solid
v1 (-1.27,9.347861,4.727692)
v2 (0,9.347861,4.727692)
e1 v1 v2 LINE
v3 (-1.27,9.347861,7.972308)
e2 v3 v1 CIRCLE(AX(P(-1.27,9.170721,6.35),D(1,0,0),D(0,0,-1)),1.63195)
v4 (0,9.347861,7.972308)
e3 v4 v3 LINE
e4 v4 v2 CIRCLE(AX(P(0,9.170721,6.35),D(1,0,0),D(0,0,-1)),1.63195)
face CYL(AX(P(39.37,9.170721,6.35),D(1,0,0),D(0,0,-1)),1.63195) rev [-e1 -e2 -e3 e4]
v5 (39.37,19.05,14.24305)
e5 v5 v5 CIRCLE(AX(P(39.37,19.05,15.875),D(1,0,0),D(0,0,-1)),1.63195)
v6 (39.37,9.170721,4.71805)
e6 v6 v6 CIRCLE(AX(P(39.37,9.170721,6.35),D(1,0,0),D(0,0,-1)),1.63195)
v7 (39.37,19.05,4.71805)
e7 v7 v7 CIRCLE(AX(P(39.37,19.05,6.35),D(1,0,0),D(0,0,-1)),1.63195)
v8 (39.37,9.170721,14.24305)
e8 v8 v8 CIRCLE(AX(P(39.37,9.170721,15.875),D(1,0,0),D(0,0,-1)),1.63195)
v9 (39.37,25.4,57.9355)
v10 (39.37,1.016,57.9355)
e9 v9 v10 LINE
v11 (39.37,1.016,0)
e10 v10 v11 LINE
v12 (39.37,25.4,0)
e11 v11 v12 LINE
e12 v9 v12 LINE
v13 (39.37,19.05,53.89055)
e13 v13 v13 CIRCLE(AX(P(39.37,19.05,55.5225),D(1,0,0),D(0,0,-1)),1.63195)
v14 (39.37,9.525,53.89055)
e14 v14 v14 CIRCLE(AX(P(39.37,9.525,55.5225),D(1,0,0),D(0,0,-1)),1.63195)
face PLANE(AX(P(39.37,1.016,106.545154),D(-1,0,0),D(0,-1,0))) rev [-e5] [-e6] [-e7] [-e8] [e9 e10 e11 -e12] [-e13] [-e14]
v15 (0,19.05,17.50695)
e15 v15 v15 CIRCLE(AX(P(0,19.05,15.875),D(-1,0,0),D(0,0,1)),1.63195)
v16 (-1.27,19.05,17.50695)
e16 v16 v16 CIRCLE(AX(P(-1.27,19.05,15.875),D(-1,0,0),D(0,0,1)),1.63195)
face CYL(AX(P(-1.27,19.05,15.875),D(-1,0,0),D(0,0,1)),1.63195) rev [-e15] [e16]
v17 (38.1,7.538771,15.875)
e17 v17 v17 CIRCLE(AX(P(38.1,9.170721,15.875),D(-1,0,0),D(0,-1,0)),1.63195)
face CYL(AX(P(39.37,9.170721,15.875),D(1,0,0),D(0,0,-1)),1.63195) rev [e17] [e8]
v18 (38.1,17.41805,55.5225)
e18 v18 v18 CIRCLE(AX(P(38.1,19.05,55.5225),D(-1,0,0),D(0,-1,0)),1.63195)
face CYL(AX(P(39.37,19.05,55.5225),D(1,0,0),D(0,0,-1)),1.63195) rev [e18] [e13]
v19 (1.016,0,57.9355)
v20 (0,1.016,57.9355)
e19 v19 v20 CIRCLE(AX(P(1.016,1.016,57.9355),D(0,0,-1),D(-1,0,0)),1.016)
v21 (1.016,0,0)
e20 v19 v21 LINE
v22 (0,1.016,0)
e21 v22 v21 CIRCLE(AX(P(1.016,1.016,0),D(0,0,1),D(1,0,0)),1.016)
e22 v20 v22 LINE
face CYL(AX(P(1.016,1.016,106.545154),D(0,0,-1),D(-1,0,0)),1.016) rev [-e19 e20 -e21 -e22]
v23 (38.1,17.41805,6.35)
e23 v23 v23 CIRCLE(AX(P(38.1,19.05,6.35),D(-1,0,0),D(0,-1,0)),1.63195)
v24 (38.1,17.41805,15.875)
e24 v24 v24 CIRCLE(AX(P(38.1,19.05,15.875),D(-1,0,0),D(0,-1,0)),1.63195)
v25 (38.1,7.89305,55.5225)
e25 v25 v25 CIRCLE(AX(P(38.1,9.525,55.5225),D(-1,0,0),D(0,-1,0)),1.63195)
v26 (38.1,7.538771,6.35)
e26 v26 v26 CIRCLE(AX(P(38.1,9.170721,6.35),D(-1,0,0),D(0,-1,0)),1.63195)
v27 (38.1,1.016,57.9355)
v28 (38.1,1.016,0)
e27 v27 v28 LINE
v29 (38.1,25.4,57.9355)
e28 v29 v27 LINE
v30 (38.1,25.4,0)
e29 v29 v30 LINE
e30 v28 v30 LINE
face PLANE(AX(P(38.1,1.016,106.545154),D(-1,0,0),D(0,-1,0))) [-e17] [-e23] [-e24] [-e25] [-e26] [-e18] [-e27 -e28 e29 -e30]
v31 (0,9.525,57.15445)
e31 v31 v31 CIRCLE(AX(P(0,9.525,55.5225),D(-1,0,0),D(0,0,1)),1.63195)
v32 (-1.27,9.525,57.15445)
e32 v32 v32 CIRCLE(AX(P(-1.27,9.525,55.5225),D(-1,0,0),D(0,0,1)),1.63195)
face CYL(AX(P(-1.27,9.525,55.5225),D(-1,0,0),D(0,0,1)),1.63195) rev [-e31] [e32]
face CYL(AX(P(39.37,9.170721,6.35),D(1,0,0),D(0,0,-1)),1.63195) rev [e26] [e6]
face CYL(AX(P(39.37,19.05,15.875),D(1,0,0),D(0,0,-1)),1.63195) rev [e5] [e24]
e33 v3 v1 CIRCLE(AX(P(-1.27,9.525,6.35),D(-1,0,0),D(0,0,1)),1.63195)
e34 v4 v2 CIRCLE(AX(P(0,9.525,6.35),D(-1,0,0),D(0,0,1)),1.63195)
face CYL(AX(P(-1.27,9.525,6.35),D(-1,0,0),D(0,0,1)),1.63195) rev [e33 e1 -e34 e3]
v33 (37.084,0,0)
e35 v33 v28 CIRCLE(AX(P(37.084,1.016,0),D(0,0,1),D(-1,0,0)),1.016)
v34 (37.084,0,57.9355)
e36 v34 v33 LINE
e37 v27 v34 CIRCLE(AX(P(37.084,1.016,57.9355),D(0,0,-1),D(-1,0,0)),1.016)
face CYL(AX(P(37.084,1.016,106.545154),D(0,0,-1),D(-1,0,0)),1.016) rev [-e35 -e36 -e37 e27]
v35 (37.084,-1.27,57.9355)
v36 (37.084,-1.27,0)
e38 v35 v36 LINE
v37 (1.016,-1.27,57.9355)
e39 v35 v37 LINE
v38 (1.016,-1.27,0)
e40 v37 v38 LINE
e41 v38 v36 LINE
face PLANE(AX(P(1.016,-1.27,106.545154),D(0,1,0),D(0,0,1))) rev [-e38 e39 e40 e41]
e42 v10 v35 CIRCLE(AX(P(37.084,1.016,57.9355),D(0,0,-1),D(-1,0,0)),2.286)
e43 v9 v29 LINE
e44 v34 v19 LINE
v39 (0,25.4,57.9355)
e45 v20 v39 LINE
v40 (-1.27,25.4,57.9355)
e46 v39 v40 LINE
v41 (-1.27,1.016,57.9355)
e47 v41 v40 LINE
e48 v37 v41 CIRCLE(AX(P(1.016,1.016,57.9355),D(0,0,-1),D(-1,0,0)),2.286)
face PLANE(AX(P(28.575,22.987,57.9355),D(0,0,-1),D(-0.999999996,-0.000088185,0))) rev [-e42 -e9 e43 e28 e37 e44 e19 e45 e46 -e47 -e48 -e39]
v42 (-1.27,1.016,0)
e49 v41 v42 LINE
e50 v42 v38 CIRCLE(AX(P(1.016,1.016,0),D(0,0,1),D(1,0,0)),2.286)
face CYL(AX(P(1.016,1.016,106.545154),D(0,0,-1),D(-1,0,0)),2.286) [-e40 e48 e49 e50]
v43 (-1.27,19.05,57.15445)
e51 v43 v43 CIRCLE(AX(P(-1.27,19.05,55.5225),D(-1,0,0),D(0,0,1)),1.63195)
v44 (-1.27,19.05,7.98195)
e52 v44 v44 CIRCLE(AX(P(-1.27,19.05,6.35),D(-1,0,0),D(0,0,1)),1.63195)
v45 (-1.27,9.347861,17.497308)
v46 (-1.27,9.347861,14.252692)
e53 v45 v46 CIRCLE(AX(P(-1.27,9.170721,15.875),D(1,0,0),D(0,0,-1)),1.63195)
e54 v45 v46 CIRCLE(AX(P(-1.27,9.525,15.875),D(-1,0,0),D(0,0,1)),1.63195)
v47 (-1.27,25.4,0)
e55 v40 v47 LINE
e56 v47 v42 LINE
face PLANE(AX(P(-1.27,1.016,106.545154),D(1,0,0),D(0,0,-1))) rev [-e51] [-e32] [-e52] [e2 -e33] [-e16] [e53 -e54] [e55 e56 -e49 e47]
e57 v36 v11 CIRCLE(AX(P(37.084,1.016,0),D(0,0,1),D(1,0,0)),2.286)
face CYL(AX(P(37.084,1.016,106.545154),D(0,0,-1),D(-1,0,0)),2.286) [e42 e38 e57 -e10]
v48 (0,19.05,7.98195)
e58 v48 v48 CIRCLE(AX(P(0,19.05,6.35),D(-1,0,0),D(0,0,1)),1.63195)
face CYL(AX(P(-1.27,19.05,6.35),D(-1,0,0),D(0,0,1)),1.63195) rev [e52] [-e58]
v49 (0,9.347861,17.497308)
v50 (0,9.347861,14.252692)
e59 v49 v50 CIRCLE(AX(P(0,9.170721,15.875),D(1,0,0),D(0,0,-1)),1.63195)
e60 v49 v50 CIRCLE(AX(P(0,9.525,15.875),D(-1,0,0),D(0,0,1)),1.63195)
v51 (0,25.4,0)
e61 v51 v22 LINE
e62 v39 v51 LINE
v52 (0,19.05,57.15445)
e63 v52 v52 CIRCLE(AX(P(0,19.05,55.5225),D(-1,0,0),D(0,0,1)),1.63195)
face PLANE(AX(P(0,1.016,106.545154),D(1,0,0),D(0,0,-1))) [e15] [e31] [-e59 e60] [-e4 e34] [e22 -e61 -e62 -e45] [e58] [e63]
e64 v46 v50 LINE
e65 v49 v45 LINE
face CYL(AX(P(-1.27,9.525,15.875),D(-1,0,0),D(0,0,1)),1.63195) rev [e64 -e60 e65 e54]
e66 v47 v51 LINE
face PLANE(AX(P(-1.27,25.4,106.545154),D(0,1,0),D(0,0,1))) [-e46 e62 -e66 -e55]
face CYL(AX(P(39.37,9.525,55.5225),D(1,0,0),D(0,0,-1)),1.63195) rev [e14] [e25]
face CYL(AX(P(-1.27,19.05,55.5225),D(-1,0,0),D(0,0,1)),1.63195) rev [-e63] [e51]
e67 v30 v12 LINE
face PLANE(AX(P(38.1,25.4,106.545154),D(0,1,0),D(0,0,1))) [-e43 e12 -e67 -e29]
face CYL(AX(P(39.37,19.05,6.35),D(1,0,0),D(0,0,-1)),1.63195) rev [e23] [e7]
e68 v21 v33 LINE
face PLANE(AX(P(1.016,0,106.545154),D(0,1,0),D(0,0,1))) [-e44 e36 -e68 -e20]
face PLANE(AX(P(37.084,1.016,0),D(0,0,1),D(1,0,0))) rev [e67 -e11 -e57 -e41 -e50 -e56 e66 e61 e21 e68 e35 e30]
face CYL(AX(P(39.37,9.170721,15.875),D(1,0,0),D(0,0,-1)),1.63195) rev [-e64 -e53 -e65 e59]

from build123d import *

# Parameters (mm, degrees)
EXTRUDE_THIN1_DEPTH        = 57.935499968
F_4_CLEARANCE_HOLE1_REACH  = 115.405
F_4_CLEARANCE_HOLE1_BORE_R = 1.63195
F_4_CLEARANCE_HOLE2_D      = 3.2639
F_4_CLEARANCE_HOLE3_REACH  = 115.405
F_4_CLEARANCE_HOLE3_BORE_R = 1.63195
F_4_CLEARANCE_HOLE4_D      = 3.2639


with BuildPart() as part:
    # Sketch1 → Extrude-Thin1 (new body)
    with BuildSketch(Plane.XY):
        with BuildLine():
            Line((0, 25.4), (0, 1.016))
            ThreePointArc((0, 1.016), (0.29757951, 0.29757951), (1.016, 0))
            Line((1.016, 0), (37.084, 0))
            ThreePointArc((37.084, 0), (37.80242049, 0.29757951), (38.1, 1.016))
            Line((38.1, 1.016), (38.1, 25.4))
            Line((38.1, 25.4), (39.37, 25.4))
            Line((39.37, 25.4), (39.37, 1.016))
            ThreePointArc((39.37, 1.016), (38.700446102, -0.600446102), (37.084, -1.27))
            Line((37.084, -1.27), (1.016, -1.27))
            ThreePointArc((1.016, -1.27), (-0.600446102, -0.600446102), (-1.27, 1.016))
            Line((-1.27, 1.016), (-1.27, 25.4))
            Line((-1.27, 25.4), (0, 25.4))
        make_face()
    extrude(amount=EXTRUDE_THIN1_DEPTH)

    # #4 Clearance Hole1 bore → #4 Clearance Hole1 (cut, up to next)
    with BuildSketch(Plane(origin=(-1.27, -12.402043901, 98.894849861), x_dir=(0, 0, 1), z_dir=(-1, 0, 0)), mode=Mode.PRIVATE) as f_4_clearance_hole1_sk1:
        with Locations((-92.544849861, 31.452043901)):
            Circle(F_4_CLEARANCE_HOLE1_BORE_R)
    f_4_clearance_hole1_tool1 = extrude(f_4_clearance_hole1_sk1.sketch, amount=-F_4_CLEARANCE_HOLE1_REACH, mode=Mode.PRIVATE) & part.part
    # #4 Clearance Hole1 bore → #4 Clearance Hole1 (cut, up to next)
    with BuildSketch(Plane(origin=(-1.27, -12.402043901, 98.894849861), x_dir=(0, 0, 1), z_dir=(-1, 0, 0)), mode=Mode.PRIVATE) as f_4_clearance_hole1_sk2:
        with Locations((-83.019849861, 31.452043901)):
            Circle(F_4_CLEARANCE_HOLE1_BORE_R)
    f_4_clearance_hole1_tool2 = extrude(f_4_clearance_hole1_sk2.sketch, amount=-F_4_CLEARANCE_HOLE1_REACH, mode=Mode.PRIVATE) & part.part
    # #4 Clearance Hole1 bore → #4 Clearance Hole1 (cut, up to next)
    with BuildSketch(Plane(origin=(-1.27, -12.402043901, 98.894849861), x_dir=(0, 0, 1), z_dir=(-1, 0, 0)), mode=Mode.PRIVATE) as f_4_clearance_hole1_sk3:
        with Locations((-83.019849861, 21.927043901)):
            Circle(F_4_CLEARANCE_HOLE1_BORE_R)
    f_4_clearance_hole1_tool3 = extrude(f_4_clearance_hole1_sk3.sketch, amount=-F_4_CLEARANCE_HOLE1_REACH, mode=Mode.PRIVATE) & part.part
    # #4 Clearance Hole1 bore → #4 Clearance Hole1 (cut, up to next)
    with BuildSketch(Plane(origin=(-1.27, -12.402043901, 98.894849861), x_dir=(0, 0, 1), z_dir=(-1, 0, 0)), mode=Mode.PRIVATE) as f_4_clearance_hole1_sk4:
        with Locations((-92.544849861, 21.927043901)):
            Circle(F_4_CLEARANCE_HOLE1_BORE_R)
    f_4_clearance_hole1_tool4 = extrude(f_4_clearance_hole1_sk4.sketch, amount=-F_4_CLEARANCE_HOLE1_REACH, mode=Mode.PRIVATE) & part.part
    add(f_4_clearance_hole1_tool1.solids().sort_by_distance((-1.27, 19.05, 6.35))[0], mode=Mode.SUBTRACT)
    add(f_4_clearance_hole1_tool2.solids().sort_by_distance((-1.27, 19.05, 15.875))[0], mode=Mode.SUBTRACT)
    add(f_4_clearance_hole1_tool3.solids().sort_by_distance((-1.27, 9.525, 15.875))[0], mode=Mode.SUBTRACT)
    add(f_4_clearance_hole1_tool4.solids().sort_by_distance((-1.27, 9.525, 6.35))[0], mode=Mode.SUBTRACT)

    # #4 Clearance Hole2 (through all)
    with Locations(Plane(origin=(39.37, -12.402043901, 98.894849861), x_dir=(0, 0, -1), z_dir=(1, 0, 0))):
        with Locations((92.544849861, 31.452043901), (83.019849861, 31.452043901), (83.019849861, 21.57276521), (92.544849861, 21.57276521)):
            Hole(F_4_CLEARANCE_HOLE2_D / 2)

    # #4 Clearance Hole3 bore → #4 Clearance Hole3 (cut, up to next)
    with BuildSketch(Plane(origin=(-1.27, -12.402043901, 98.894849861), x_dir=(0, 0, 1), z_dir=(-1, 0, 0)), mode=Mode.PRIVATE) as f_4_clearance_hole3_sk1:
        with Locations((-43.372349893, 31.452043901)):
            Circle(F_4_CLEARANCE_HOLE3_BORE_R)
    f_4_clearance_hole3_tool1 = extrude(f_4_clearance_hole3_sk1.sketch, amount=-F_4_CLEARANCE_HOLE3_REACH, mode=Mode.PRIVATE) & part.part
    # #4 Clearance Hole3 bore → #4 Clearance Hole3 (cut, up to next)
    with BuildSketch(Plane(origin=(-1.27, -12.402043901, 98.894849861), x_dir=(0, 0, 1), z_dir=(-1, 0, 0)), mode=Mode.PRIVATE) as f_4_clearance_hole3_sk2:
        with Locations((-43.372349893, 21.927043901)):
            Circle(F_4_CLEARANCE_HOLE3_BORE_R)
    f_4_clearance_hole3_tool2 = extrude(f_4_clearance_hole3_sk2.sketch, amount=-F_4_CLEARANCE_HOLE3_REACH, mode=Mode.PRIVATE) & part.part
    add(f_4_clearance_hole3_tool1.solids().sort_by_distance((-1.27, 19.05, 55.5225))[0], mode=Mode.SUBTRACT)
    add(f_4_clearance_hole3_tool2.solids().sort_by_distance((-1.27, 9.525, 55.5225))[0], mode=Mode.SUBTRACT)

    # #4 Clearance Hole4 (through all)
    with Locations(Plane(origin=(39.37, -12.402043901, 98.894849861), x_dir=(0, 0, -1), z_dir=(1, 0, 0))):
        with Locations((43.372349893, 21.927043901), (43.372349893, 31.452043901)):
            Hole(F_4_CLEARANCE_HOLE4_D / 2)


solid = part.part
